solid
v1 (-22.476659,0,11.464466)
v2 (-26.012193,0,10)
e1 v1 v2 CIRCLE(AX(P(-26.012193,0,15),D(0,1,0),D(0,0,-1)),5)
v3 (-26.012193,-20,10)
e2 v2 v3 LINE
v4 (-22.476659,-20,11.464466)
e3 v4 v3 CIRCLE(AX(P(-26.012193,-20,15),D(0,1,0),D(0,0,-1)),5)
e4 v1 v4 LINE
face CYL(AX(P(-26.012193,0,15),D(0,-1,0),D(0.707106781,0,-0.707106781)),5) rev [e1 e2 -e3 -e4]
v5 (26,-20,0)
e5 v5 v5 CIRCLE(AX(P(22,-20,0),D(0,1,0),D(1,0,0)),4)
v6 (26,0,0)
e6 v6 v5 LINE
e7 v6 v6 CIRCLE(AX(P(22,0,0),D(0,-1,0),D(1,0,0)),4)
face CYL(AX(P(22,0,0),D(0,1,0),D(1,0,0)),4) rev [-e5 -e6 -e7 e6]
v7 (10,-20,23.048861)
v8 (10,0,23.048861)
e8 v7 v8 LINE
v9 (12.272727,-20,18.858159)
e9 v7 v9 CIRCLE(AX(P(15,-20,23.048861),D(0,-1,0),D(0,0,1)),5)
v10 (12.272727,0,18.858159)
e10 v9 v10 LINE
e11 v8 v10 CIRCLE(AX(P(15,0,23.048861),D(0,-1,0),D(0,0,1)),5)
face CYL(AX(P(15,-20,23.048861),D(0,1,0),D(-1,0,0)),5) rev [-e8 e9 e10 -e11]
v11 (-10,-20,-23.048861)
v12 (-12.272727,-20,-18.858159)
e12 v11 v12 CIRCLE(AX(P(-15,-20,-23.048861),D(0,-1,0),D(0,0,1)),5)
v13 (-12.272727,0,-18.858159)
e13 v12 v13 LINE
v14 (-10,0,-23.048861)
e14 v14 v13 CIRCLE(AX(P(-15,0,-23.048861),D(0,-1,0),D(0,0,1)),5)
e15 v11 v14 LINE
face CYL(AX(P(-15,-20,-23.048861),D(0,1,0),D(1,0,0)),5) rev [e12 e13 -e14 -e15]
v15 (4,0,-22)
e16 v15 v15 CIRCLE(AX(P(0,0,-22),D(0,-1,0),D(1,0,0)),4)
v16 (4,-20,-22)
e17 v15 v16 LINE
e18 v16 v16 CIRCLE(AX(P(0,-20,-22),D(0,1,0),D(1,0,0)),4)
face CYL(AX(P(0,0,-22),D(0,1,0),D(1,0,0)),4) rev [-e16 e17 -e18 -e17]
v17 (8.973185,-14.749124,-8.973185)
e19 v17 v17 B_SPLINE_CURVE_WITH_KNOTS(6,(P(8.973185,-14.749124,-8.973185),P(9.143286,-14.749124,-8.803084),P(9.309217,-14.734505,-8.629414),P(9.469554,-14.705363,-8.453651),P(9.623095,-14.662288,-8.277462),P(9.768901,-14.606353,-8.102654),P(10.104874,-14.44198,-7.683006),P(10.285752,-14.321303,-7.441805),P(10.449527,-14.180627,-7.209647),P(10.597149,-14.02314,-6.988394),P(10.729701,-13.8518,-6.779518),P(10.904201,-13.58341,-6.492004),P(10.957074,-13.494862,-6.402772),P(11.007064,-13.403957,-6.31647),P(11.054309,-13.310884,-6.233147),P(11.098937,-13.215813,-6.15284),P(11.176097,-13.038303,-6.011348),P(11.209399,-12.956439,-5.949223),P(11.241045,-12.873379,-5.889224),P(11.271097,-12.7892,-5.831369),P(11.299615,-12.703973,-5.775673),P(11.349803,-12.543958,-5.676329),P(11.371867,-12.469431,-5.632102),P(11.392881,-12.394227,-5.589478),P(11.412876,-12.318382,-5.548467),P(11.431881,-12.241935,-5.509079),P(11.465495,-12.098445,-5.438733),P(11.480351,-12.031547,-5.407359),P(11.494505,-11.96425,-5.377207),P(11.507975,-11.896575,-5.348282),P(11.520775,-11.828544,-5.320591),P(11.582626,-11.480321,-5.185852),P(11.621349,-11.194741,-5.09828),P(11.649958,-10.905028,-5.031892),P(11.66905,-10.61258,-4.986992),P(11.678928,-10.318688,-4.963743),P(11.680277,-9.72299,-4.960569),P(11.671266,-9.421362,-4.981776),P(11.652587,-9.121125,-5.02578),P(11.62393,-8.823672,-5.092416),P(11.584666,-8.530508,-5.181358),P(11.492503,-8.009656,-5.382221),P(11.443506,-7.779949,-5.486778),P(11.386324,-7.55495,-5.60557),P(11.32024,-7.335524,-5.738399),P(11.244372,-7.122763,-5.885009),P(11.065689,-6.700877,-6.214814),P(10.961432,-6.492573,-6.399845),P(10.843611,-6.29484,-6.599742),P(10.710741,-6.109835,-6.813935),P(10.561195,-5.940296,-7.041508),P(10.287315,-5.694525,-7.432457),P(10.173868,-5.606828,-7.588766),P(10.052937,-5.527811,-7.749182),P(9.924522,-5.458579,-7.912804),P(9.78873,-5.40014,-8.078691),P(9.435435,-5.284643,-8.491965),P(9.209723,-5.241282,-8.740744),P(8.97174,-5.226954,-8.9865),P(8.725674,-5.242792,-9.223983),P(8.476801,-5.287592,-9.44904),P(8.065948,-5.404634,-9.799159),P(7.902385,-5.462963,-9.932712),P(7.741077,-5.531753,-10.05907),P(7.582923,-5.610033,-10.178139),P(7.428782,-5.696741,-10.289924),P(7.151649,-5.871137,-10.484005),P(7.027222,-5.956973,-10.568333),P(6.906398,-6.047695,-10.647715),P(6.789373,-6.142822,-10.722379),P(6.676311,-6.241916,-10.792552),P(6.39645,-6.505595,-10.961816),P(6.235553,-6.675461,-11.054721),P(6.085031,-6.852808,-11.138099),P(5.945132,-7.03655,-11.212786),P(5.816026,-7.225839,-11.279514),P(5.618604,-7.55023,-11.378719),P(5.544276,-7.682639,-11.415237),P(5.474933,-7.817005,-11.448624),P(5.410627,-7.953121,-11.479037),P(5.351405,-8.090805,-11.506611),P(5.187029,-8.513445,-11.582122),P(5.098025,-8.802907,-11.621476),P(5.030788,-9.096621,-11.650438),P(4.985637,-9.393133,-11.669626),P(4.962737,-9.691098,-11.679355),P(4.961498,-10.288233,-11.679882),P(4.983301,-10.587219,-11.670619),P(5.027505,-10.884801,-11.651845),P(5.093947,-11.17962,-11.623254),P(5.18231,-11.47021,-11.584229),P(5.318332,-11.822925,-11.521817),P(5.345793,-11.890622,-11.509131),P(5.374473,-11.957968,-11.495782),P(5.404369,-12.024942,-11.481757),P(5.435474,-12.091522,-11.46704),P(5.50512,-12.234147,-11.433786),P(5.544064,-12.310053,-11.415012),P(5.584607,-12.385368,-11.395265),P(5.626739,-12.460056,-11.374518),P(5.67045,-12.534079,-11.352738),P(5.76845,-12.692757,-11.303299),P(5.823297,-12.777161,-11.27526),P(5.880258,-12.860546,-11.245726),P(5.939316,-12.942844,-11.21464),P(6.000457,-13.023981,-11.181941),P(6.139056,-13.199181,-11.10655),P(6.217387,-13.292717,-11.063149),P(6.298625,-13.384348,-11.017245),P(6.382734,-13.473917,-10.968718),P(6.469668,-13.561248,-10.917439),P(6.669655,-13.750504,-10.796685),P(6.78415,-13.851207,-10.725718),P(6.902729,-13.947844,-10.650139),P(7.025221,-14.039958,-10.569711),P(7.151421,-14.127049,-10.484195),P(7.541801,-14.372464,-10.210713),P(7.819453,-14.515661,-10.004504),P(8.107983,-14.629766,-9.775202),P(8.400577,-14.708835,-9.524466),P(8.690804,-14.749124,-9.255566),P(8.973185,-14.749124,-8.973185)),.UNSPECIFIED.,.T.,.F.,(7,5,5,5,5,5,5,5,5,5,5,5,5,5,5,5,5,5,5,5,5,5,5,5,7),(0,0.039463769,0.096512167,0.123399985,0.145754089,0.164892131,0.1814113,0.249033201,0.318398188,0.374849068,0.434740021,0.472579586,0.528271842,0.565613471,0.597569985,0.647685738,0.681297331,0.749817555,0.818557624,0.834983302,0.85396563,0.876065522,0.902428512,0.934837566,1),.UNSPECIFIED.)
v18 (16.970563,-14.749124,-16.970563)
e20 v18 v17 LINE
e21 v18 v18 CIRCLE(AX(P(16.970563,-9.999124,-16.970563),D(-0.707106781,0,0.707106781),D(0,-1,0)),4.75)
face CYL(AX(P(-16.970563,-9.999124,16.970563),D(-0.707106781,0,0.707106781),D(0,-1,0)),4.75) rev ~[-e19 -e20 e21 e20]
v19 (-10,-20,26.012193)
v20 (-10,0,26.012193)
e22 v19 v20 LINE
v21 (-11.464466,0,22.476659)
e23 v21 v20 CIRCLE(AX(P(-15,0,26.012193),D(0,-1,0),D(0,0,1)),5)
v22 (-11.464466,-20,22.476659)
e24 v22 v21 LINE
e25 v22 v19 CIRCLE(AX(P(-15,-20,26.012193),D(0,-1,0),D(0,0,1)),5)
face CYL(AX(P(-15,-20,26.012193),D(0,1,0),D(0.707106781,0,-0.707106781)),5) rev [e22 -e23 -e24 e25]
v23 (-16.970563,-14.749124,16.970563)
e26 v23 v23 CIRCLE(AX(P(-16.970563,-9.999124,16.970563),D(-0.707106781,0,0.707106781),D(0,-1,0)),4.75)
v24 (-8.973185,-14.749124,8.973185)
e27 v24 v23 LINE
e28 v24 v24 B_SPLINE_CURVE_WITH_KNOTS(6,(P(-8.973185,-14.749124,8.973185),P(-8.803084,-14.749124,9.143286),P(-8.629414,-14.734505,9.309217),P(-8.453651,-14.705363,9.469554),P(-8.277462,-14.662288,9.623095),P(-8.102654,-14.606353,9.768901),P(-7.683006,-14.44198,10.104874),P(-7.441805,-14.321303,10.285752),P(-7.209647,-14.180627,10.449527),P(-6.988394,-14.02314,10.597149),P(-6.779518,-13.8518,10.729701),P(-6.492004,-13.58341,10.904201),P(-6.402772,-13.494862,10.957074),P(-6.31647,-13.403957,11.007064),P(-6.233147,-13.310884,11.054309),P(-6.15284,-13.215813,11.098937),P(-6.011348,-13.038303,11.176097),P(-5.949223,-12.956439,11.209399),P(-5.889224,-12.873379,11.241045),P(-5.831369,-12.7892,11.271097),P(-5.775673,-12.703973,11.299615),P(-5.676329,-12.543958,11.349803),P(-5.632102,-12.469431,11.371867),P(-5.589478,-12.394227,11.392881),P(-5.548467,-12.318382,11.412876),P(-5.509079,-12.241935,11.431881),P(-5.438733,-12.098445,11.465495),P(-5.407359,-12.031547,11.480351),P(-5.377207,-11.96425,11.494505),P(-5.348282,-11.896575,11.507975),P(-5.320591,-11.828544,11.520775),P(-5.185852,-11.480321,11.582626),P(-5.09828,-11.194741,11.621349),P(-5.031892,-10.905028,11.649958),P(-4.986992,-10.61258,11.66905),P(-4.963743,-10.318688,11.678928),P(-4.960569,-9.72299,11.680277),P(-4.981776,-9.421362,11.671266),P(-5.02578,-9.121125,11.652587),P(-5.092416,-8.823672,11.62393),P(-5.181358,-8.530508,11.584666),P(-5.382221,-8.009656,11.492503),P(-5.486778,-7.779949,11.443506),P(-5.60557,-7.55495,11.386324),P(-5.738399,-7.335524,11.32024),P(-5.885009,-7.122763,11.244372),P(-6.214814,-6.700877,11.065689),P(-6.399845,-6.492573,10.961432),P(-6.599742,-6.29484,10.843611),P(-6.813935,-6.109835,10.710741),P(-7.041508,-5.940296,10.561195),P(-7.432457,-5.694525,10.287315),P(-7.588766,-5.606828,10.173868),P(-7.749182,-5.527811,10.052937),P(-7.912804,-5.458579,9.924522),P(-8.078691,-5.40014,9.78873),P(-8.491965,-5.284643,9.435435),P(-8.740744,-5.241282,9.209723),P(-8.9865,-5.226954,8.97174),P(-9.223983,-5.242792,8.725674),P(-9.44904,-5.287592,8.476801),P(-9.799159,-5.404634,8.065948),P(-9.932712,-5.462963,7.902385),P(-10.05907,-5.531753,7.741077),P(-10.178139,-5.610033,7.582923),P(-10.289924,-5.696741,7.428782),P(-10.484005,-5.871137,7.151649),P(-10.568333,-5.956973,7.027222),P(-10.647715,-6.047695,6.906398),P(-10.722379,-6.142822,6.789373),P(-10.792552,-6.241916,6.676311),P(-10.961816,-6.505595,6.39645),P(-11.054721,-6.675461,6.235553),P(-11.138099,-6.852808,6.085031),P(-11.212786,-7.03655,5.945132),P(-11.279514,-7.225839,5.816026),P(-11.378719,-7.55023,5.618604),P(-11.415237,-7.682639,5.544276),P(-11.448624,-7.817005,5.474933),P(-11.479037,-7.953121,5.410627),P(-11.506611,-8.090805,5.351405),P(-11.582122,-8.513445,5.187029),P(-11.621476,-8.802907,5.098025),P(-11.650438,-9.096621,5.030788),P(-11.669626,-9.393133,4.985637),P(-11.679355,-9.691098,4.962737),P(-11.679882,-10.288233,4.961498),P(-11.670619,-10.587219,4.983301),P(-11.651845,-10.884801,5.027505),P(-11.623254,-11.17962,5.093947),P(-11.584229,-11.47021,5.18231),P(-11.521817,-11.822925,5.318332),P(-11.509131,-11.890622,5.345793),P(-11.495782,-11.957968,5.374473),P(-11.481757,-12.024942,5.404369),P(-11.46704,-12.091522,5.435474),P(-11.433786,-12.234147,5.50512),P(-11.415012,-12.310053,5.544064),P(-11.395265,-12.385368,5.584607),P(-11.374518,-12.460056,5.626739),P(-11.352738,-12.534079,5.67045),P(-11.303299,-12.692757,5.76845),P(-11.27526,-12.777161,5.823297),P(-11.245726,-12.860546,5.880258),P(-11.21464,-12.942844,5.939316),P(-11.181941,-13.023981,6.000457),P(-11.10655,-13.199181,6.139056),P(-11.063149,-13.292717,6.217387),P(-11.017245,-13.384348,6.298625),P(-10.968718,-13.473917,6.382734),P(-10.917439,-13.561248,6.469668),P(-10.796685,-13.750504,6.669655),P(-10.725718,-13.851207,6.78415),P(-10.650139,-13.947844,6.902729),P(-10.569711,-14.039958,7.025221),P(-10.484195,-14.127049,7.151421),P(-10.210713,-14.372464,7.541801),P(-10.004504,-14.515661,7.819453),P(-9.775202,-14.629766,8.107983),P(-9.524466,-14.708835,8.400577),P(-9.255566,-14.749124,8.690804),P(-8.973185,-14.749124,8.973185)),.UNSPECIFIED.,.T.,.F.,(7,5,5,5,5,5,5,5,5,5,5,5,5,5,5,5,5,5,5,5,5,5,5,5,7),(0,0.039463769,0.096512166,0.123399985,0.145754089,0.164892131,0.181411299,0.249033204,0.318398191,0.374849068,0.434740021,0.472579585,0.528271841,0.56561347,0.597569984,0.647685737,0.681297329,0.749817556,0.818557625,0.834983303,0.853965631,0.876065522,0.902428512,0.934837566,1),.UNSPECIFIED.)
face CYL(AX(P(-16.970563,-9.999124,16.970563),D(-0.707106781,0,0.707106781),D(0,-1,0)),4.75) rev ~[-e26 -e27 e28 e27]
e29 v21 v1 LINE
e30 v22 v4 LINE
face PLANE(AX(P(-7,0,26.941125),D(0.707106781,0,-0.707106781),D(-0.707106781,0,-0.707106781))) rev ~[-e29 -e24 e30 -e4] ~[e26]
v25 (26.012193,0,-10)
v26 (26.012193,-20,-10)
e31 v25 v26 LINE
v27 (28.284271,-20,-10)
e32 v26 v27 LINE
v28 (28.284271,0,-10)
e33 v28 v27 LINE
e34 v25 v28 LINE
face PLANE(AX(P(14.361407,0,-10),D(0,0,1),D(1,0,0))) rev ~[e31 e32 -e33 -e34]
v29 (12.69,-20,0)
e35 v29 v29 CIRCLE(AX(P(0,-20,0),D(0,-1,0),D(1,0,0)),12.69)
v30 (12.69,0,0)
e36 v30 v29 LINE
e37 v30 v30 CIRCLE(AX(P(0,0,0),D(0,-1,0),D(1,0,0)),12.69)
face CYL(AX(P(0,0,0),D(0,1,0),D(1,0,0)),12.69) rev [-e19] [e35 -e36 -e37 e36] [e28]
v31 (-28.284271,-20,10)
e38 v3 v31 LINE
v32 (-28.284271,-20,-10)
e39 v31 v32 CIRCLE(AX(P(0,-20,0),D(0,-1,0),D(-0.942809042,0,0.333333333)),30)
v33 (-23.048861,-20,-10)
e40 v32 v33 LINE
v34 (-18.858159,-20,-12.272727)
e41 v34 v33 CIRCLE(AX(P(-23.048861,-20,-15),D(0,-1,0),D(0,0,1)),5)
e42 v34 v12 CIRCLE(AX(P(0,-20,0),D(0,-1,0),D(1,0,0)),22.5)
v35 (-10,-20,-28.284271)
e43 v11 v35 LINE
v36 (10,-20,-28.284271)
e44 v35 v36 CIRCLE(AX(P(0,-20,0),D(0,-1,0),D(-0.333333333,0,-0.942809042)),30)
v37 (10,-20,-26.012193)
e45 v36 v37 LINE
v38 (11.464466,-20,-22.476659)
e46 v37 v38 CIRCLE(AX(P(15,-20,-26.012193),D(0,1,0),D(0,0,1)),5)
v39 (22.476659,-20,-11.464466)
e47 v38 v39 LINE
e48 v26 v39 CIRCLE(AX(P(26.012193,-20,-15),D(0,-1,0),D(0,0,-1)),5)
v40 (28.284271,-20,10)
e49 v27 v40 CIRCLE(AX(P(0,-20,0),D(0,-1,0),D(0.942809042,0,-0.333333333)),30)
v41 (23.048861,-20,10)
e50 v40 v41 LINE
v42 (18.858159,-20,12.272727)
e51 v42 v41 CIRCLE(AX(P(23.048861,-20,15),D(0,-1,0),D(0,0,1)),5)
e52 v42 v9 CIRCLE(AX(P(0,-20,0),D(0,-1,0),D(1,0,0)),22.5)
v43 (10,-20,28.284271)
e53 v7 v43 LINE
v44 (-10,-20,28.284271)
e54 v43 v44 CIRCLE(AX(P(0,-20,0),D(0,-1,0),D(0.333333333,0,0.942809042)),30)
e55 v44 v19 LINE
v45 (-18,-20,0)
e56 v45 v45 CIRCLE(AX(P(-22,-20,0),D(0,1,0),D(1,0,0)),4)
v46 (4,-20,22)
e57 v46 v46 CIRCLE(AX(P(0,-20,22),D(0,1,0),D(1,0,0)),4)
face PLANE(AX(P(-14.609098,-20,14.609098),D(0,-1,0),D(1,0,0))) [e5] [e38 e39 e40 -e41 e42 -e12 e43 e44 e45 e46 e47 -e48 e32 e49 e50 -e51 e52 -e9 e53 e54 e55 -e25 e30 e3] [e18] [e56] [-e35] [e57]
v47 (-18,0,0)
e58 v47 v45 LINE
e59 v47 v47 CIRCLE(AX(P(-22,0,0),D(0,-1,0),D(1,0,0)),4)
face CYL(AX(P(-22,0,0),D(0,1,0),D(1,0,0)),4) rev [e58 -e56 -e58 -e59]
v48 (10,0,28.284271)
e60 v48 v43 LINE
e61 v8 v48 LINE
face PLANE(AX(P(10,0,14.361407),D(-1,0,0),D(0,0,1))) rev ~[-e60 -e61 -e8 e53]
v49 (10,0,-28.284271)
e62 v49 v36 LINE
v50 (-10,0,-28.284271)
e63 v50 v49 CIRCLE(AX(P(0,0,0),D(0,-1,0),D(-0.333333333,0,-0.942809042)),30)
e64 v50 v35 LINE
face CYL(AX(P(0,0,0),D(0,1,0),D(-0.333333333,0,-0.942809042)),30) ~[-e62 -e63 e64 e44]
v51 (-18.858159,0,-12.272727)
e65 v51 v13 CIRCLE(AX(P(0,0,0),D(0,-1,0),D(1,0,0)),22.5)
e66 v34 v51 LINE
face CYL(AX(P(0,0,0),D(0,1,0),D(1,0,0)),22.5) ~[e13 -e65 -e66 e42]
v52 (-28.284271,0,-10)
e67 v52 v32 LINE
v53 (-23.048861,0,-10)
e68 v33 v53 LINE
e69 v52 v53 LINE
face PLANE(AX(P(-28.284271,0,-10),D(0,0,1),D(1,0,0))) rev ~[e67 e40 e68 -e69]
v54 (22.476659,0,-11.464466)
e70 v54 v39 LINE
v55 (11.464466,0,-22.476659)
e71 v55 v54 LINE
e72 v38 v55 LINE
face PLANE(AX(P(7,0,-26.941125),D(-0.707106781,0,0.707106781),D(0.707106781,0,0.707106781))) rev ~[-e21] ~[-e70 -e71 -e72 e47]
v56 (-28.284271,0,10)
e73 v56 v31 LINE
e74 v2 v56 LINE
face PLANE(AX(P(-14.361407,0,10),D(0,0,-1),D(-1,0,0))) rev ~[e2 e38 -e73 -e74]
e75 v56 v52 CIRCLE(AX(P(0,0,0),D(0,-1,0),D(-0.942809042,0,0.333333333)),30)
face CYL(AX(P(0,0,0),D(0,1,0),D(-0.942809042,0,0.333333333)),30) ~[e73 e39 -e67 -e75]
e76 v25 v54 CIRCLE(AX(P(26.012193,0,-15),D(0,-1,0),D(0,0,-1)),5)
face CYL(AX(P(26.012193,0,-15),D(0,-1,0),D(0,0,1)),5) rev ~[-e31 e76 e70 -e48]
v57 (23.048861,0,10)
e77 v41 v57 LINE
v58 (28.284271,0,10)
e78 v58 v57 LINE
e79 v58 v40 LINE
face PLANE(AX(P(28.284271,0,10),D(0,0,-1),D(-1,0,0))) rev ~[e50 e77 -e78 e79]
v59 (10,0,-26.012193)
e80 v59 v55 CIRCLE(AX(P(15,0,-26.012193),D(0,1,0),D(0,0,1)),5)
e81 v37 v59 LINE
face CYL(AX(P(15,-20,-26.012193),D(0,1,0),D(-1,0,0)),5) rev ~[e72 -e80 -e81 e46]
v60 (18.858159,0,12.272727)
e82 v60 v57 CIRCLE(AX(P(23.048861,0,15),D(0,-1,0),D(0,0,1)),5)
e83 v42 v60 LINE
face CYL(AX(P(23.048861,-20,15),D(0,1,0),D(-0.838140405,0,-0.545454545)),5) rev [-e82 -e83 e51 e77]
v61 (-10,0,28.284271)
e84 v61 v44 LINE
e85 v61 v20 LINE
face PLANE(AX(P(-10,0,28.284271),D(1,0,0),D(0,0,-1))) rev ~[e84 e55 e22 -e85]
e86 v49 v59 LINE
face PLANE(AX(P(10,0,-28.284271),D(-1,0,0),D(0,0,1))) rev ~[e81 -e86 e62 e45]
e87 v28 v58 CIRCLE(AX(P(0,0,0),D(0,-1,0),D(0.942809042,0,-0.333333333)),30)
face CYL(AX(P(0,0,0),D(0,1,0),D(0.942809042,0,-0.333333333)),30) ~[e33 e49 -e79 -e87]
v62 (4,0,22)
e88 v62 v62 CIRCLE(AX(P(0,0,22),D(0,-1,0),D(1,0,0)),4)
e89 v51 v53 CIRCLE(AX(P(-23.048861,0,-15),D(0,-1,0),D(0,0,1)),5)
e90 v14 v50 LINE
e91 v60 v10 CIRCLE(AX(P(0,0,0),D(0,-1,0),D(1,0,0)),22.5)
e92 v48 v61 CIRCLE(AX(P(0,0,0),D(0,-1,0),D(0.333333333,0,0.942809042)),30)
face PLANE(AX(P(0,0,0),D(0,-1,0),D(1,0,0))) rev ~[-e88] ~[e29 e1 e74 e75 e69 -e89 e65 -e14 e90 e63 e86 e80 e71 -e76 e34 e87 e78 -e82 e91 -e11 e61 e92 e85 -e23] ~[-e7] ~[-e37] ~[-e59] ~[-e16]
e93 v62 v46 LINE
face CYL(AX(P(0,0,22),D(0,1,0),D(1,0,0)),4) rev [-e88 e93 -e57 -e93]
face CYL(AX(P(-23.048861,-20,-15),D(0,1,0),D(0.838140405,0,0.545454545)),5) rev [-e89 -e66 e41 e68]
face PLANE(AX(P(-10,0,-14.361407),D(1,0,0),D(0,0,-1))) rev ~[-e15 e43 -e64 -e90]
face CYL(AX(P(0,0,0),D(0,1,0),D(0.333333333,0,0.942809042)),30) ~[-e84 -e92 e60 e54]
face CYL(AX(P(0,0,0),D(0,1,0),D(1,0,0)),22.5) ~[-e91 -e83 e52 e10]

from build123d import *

# Parameters (mm, degrees)
F0_R      = 22.5
F0_R_2    = 12.69
F1_DEPTH  = 20
F3_DEPTH  = 20
F5_R      = 4
F6_DEPTH  = 52.7
F8_DEPTH  = 20
F9_R      = 5
F10_R     = 4.75
F11_DEPTH = 55.8


with BuildPart() as f1:
    # F0 (on Front) → F1 (new body)
    with BuildSketch(Plane.XZ):
        Circle(F0_R)
        Circle(F0_R_2, mode=Mode.SUBTRACT)
    extrude(amount=F1_DEPTH)

    # F2 (on Front) → F3 (join)
    with BuildSketch(Plane.XZ):
        with BuildLine():
            Line((10, 14.3614066163), (10, 28.2842712475))
            ThreePointArc((10, 28.2842712475), (0, 30), (-10, 28.2842712475))
            Line((-10, 28.2842712475), (-10, 14.3614066163))
            ThreePointArc((-10, 14.3614066163), (0, 17.5), (10, 14.3614066163))
        make_face()
        with BuildLine():
            Line((-14.3614066163, 10), (-28.2842712475, 10))
            ThreePointArc((-28.2842712475, 10), (-30, 0), (-28.2842712475, -10))
            Line((-28.2842712475, -10), (-14.3614066163, -10))
            ThreePointArc((-14.3614066163, -10), (-17.5, 0), (-14.3614066163, 10))
        make_face()
        with BuildLine():
            ThreePointArc((28.2842712475, -10), (30, 0), (28.2842712475, 10))
            Line((28.2842712475, 10), (14.3614066163, 10))
            ThreePointArc((14.3614066163, 10), (17.5, 0), (14.3614066163, -10))
            Line((14.3614066163, -10), (28.2842712475, -10))
        make_face()
        with BuildLine():
            Line((-10, -14.3614066163), (-10, -28.2842712475))
            ThreePointArc((-10, -28.2842712475), (0, -30), (10, -28.2842712475))
            Line((10, -28.2842712475), (10, -14.3614066163))
            ThreePointArc((10, -14.3614066163), (0, -17.5), (-10, -14.3614066163))
        make_face()
    extrude(amount=F3_DEPTH)

    # F5 (on Front) → F6 (cut)
    with BuildSketch(Plane.XZ):
        with Locations((0, 22)):
            Circle(F5_R)
        with Locations((0, -22)):
            Circle(F5_R)
        with Locations((22, 0)):
            Circle(F5_R)
        with Locations((-22, 0)):
            Circle(F5_R)
    extrude(amount=F6_DEPTH, mode=Mode.SUBTRACT)

    # F7 (on Front) → F8 (join)
    with BuildSketch(Plane.XZ):
        with BuildLine():
            Line((-7, 26.941125497), (-26.941125497, 7))
            Line((-26.941125497, 7), (-13.2664991614, 7))
            ThreePointArc((-13.2664991614, 7), (-10.6066017178, 10.6066017178), (-7, 13.2664991614))
            Line((-7, 13.2664991614), (-7, 26.941125497))
        make_face()
        with BuildLine():
            Line((26.941125497, -7), (13.2664991614, -7))
            ThreePointArc((13.2664991614, -7), (10.6066017178, -10.6066017178), (7, -13.2664991614))
            Line((7, -13.2664991614), (7, -26.941125497))
            Line((7, -26.941125497), (26.941125497, -7))
        make_face()
    extrude(amount=F8_DEPTH)

    # F9
    f9_edges = [f1.edges().sort_by_distance(p)[0] for p in [
        (10, -10, 20.155644),
        (20.155644, -10, 10),
        (-10, -10, -20.155644),
        (-20.155644, -10, -10),
        (-10, -10, 23.941125),
        (-23.941125, -10, 10),
        (23.941125, -10, -10),
        (10, -10, -23.941125),
    ]]
    fillet(f9_edges, radius=F9_R)

    # F10 (on face) → F11 (cut, symmetric)
    with BuildSketch(Plane(origin=(-16.9705627485, 0, 16.9705627485), x_dir=(0, -1, 0), z_dir=(-0.7071067812, 0, 0.7071067812))):
        with Locations((9.9991243333, 0)):
            Circle(F10_R)
    extrude(amount=F11_DEPTH, both=True, mode=Mode.SUBTRACT)


solid = f1.part
